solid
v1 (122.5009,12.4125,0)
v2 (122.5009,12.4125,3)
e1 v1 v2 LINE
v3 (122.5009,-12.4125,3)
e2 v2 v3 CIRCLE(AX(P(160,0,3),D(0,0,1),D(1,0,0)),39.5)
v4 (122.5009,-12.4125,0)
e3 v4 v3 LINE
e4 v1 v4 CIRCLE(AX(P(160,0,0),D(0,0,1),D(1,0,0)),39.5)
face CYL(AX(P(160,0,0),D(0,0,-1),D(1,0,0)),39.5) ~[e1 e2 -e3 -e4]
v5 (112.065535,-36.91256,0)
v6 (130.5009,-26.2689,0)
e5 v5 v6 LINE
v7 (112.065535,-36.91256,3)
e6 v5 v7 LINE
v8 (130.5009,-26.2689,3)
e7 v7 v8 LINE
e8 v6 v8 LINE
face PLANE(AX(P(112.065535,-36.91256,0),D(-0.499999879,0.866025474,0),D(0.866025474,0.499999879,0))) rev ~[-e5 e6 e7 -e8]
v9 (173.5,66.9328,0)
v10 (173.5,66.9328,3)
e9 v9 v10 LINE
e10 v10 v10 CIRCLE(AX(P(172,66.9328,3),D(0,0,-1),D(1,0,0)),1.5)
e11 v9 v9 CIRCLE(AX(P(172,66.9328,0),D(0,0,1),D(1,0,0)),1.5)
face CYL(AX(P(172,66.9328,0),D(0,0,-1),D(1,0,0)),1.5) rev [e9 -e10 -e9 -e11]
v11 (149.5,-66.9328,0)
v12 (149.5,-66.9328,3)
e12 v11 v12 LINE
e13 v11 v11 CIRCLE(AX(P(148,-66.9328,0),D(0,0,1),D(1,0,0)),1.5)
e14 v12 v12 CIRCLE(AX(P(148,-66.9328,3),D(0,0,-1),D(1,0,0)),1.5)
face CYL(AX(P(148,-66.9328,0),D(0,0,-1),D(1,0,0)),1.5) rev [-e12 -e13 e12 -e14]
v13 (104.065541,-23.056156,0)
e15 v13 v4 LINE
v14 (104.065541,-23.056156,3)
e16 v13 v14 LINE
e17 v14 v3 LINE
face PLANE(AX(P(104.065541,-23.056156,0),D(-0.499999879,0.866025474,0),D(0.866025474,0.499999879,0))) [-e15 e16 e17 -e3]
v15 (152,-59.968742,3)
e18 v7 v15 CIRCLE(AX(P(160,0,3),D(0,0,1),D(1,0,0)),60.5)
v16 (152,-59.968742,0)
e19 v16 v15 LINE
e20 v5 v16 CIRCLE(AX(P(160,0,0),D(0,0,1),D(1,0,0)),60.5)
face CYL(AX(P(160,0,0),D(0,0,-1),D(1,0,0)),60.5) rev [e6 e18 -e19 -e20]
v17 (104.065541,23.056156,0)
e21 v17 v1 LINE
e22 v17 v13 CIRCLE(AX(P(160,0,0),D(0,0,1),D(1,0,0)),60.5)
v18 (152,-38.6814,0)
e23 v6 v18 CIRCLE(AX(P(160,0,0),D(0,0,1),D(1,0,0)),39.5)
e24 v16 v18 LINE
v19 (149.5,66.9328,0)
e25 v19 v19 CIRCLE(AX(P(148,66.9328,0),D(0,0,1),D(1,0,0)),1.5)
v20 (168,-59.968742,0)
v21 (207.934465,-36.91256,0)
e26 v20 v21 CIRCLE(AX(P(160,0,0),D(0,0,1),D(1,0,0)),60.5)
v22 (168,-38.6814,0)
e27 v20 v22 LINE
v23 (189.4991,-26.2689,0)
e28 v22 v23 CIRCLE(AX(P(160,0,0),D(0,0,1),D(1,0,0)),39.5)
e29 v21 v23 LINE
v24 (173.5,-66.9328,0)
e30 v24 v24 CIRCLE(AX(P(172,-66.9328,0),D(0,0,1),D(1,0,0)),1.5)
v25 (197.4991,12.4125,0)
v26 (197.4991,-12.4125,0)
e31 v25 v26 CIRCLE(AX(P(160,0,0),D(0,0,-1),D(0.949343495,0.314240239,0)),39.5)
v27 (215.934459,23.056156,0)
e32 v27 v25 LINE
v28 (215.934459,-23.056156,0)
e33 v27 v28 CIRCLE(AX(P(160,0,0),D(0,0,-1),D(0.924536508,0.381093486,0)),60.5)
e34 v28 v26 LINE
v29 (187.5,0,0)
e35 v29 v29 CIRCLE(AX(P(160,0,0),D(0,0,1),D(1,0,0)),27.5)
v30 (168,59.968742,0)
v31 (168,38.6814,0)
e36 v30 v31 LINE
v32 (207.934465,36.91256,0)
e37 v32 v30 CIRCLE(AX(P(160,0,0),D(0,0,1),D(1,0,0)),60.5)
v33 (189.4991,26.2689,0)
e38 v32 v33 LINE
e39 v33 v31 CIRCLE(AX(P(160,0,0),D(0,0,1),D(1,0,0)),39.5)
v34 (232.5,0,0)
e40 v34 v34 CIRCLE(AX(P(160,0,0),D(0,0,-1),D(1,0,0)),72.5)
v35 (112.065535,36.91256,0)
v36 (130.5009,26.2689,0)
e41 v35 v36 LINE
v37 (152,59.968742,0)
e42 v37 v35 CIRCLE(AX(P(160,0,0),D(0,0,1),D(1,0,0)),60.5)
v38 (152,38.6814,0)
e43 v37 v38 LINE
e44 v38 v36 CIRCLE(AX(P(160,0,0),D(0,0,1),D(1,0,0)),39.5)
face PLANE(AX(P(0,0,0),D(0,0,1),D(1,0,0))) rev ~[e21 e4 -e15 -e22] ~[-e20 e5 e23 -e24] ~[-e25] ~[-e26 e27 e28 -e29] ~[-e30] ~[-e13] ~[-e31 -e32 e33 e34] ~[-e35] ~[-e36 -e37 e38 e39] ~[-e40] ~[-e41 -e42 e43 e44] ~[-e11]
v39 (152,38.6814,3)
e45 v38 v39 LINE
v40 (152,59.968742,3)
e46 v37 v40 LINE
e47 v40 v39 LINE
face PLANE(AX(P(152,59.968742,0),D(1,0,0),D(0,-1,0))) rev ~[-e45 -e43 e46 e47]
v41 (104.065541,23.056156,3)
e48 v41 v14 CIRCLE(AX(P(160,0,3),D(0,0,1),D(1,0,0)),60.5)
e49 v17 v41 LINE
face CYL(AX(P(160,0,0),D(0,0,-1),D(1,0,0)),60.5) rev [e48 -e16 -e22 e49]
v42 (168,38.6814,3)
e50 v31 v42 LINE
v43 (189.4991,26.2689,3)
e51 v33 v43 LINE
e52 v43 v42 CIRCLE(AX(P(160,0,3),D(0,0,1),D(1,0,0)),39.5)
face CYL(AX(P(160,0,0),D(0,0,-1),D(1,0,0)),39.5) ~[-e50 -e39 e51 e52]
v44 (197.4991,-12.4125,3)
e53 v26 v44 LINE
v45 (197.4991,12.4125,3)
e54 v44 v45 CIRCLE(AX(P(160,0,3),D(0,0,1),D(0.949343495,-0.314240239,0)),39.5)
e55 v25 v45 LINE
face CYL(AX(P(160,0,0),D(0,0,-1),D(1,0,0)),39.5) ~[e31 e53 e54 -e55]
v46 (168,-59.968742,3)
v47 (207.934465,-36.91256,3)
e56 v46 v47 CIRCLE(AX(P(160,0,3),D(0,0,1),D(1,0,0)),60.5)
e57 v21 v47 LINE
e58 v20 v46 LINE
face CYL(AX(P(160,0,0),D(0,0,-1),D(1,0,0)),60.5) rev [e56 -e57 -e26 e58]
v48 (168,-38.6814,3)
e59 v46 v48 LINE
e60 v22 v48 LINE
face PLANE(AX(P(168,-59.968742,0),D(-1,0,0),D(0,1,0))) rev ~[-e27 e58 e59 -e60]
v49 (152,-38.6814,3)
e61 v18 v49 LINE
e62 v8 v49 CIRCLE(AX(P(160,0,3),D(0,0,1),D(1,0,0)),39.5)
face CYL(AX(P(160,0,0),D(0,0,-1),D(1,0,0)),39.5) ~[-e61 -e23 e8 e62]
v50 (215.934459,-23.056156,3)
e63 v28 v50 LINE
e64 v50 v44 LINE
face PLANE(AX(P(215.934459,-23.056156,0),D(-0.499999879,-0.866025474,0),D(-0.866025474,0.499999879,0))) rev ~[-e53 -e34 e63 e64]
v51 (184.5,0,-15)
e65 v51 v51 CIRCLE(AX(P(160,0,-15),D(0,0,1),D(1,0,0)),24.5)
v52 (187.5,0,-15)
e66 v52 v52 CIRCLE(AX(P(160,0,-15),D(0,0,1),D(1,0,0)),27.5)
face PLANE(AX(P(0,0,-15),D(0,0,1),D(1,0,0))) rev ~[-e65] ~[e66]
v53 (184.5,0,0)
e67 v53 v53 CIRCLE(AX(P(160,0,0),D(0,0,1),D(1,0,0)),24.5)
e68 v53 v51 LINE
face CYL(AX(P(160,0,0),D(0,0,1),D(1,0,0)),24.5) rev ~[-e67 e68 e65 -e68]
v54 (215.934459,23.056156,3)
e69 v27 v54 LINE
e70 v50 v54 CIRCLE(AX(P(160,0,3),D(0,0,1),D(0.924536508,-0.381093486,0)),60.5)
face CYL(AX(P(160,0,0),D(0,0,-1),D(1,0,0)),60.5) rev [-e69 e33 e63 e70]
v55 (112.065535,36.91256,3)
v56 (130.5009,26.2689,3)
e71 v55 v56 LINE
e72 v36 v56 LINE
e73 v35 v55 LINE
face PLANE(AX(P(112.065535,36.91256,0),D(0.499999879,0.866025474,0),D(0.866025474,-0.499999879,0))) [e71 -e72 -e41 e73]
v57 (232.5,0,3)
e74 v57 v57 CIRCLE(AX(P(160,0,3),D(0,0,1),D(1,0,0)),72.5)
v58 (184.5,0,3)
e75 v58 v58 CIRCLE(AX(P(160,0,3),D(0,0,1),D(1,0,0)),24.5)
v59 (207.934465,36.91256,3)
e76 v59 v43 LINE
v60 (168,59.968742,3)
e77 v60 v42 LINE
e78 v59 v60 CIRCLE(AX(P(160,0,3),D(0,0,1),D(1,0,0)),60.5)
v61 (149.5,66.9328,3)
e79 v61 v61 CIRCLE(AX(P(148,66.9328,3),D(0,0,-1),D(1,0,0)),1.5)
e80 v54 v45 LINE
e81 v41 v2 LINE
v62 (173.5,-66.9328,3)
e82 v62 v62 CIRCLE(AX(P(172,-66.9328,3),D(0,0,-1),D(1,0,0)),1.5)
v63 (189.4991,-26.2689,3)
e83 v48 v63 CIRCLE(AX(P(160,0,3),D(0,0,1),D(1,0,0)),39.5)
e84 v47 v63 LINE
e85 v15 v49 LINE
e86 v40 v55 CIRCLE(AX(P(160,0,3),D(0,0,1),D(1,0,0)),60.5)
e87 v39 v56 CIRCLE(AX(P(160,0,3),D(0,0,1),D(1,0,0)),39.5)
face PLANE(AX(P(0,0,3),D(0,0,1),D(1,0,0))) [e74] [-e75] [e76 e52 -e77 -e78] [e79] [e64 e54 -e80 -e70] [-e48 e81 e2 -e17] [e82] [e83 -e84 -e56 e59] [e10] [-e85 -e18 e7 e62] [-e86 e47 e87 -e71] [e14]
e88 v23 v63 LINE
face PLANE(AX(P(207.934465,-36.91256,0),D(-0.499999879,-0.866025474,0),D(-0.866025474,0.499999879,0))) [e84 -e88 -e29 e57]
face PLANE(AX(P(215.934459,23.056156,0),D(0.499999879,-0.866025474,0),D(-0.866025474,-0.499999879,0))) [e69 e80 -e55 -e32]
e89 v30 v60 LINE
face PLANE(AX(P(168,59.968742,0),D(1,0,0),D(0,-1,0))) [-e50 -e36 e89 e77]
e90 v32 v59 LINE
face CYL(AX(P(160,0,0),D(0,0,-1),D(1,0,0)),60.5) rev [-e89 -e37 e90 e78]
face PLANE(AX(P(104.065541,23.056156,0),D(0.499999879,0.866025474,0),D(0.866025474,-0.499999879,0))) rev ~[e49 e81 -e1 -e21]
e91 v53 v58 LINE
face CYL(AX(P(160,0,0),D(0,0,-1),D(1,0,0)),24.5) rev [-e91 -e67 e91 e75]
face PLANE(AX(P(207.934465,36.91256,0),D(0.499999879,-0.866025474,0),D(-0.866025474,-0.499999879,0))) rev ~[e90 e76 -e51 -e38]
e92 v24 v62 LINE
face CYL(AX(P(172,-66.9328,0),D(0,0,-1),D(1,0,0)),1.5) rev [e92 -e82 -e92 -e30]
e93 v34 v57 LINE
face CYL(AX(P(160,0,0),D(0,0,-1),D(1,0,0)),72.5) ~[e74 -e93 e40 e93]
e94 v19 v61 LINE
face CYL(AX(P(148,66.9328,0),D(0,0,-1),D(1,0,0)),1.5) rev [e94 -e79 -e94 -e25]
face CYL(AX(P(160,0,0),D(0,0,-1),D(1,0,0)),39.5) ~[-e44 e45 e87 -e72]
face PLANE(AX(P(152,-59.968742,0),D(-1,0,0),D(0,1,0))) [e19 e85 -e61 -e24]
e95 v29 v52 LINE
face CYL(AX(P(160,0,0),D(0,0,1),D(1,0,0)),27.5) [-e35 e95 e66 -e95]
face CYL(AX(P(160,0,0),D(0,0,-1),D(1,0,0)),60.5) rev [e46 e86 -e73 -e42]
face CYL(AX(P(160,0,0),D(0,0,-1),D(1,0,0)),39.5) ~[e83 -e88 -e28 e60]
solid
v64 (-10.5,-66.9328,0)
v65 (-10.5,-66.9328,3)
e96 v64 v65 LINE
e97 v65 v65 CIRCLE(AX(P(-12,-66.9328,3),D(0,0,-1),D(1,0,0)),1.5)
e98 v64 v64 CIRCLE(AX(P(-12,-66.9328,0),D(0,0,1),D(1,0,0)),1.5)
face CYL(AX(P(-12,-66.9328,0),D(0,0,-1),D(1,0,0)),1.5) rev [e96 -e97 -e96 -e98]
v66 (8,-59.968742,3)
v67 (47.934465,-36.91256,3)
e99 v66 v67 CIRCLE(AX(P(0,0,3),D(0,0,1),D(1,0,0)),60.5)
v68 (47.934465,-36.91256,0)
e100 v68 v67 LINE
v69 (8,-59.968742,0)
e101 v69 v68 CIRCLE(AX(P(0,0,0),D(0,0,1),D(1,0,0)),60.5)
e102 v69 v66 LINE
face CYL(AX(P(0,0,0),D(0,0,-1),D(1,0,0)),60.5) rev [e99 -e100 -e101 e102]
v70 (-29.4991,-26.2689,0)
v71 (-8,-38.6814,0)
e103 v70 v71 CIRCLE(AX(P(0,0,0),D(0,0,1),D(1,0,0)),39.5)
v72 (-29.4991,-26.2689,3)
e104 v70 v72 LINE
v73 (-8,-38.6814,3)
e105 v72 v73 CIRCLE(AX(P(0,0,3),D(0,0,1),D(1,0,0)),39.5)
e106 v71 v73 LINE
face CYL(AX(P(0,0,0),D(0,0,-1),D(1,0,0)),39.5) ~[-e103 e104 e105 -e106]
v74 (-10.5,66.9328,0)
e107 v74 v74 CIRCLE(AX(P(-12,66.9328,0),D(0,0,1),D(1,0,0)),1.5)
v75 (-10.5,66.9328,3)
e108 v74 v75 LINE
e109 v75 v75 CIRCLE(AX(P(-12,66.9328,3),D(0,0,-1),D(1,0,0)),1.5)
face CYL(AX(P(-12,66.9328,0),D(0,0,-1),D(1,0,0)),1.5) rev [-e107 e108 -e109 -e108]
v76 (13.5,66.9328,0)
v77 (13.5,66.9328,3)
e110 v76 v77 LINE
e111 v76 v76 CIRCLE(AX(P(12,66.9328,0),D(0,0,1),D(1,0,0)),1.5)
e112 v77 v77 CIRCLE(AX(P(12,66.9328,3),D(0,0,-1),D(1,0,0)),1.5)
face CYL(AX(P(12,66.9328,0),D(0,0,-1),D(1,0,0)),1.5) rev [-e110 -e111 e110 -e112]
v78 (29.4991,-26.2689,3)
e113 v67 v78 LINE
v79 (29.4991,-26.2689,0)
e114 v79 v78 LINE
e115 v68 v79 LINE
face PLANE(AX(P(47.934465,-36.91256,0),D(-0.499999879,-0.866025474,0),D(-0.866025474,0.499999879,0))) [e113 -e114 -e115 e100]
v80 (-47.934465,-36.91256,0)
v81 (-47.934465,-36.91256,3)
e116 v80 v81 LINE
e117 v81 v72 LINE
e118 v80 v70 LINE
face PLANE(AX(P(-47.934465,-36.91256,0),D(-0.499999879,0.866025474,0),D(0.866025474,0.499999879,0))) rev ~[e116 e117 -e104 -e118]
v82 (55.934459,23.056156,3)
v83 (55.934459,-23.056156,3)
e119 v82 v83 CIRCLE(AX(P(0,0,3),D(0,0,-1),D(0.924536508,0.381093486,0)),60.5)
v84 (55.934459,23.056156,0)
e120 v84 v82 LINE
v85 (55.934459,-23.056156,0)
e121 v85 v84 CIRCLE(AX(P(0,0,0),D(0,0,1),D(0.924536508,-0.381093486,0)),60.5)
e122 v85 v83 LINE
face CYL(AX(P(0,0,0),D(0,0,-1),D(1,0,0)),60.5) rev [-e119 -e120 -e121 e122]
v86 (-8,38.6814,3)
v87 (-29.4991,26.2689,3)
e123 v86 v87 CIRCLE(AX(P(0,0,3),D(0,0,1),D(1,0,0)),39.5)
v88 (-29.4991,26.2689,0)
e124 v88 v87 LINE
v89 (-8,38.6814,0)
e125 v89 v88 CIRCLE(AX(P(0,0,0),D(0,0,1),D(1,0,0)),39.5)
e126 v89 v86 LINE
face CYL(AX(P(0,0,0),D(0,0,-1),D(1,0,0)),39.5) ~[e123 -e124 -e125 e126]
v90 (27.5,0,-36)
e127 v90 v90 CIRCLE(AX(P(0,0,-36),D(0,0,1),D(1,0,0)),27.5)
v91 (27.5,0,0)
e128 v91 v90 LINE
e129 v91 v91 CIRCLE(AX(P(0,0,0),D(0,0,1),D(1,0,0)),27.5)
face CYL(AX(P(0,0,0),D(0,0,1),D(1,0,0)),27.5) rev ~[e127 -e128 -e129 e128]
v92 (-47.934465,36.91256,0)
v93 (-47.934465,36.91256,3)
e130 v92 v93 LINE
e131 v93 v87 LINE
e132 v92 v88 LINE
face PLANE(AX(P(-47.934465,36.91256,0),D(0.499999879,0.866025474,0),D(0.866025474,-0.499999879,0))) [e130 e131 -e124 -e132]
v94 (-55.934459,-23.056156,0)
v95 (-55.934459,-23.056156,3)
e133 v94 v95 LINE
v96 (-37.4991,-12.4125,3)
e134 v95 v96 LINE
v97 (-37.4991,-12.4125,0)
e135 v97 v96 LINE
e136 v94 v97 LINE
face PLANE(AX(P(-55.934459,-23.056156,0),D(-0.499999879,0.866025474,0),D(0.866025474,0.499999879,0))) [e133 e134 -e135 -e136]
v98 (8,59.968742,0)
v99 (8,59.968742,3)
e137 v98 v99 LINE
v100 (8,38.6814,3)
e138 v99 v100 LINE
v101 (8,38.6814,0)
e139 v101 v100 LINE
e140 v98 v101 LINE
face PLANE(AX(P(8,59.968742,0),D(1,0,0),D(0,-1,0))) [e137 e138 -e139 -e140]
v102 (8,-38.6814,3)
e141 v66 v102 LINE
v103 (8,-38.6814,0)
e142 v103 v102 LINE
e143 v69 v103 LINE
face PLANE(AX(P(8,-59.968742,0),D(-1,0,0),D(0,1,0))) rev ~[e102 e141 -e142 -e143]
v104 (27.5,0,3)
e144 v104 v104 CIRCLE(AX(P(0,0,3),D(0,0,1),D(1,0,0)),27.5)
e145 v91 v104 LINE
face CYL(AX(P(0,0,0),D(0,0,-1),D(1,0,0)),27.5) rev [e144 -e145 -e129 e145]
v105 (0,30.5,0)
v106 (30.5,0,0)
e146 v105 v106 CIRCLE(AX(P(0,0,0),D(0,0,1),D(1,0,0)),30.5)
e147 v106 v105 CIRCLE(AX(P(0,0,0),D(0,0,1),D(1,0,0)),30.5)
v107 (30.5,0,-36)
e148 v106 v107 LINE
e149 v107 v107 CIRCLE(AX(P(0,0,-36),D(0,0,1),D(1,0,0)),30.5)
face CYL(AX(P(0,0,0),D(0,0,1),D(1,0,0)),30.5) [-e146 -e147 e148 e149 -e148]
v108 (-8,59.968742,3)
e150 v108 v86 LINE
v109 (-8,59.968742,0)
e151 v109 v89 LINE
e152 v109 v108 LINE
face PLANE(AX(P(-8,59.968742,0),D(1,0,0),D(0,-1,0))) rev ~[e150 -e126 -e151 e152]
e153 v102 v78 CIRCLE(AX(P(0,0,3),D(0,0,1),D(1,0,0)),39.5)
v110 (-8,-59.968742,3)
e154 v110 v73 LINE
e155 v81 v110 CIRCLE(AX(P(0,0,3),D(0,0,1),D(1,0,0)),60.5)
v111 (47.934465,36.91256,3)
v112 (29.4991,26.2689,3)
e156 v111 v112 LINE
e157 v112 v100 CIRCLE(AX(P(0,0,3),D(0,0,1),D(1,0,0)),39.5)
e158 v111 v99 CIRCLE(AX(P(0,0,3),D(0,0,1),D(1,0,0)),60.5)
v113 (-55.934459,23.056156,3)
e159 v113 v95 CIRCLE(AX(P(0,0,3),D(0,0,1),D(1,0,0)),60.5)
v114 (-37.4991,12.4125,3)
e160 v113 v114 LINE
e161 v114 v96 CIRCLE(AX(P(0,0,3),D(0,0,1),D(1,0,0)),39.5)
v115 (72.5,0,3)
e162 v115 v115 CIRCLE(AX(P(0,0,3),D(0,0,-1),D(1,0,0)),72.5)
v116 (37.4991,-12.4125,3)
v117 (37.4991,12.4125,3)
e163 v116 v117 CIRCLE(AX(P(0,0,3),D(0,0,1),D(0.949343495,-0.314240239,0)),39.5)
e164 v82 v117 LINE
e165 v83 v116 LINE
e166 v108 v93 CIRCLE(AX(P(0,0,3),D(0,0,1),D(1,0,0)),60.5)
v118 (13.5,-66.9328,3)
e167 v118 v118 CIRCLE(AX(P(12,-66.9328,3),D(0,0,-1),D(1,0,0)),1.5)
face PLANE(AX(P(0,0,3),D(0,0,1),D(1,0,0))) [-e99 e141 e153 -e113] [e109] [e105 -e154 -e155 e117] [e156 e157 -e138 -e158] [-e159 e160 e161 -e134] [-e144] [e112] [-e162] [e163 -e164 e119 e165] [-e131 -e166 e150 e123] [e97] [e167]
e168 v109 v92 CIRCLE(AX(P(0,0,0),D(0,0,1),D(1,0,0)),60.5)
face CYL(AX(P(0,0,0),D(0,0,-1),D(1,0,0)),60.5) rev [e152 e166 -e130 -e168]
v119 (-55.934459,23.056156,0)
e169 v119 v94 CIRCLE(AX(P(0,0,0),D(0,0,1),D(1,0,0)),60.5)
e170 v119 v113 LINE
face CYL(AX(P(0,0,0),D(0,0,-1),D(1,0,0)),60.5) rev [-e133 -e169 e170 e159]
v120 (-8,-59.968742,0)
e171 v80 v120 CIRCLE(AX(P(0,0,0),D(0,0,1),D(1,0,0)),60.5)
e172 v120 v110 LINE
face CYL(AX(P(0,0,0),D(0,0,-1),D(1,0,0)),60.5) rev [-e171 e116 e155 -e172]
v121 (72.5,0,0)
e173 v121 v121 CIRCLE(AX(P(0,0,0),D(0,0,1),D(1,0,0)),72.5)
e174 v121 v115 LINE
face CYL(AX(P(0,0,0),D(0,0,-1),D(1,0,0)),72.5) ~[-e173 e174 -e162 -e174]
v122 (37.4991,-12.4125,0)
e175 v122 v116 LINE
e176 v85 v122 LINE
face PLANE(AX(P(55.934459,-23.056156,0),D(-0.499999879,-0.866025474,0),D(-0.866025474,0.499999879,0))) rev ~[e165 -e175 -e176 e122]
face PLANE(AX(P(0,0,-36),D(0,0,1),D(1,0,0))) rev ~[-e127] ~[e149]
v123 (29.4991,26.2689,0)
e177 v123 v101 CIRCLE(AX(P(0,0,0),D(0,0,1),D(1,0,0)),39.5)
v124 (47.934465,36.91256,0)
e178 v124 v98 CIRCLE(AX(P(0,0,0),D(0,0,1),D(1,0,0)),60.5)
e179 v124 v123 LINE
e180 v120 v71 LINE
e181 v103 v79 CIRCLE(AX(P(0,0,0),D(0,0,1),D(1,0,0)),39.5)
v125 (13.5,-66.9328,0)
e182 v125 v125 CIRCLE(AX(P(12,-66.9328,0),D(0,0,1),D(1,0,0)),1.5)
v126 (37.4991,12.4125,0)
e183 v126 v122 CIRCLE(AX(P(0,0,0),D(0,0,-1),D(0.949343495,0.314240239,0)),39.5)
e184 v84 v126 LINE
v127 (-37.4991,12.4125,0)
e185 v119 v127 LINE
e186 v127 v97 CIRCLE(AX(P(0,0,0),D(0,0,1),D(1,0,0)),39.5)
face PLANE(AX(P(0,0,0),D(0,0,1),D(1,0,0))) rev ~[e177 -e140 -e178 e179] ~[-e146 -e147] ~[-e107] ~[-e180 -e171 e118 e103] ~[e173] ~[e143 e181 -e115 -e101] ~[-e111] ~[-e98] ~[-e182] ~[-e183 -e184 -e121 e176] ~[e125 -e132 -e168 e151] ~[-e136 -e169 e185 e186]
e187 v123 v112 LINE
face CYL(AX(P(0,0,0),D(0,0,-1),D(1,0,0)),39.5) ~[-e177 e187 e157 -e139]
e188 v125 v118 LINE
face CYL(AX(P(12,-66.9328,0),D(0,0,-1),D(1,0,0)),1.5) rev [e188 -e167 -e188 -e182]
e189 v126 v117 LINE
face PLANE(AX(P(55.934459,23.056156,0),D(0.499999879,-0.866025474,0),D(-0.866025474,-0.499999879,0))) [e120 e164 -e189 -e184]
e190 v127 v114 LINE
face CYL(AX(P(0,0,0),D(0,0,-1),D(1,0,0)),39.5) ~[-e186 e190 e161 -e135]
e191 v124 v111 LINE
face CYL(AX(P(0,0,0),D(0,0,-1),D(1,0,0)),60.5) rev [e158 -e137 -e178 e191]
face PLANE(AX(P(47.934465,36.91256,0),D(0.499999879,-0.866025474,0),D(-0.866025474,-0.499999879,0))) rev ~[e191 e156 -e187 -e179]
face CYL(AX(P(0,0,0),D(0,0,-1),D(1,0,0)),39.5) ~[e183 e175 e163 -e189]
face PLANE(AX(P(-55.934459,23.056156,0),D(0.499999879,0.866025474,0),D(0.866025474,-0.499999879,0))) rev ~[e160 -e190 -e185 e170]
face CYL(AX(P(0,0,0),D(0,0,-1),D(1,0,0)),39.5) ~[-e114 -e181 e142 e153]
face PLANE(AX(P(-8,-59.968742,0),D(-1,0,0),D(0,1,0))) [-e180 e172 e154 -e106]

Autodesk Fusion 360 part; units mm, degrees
sketch "Sketch1" plane through (0, 0, 0) normal (0, 0, 1) x (1, 0, 0)
  circle A0 centre (0, 0) radius 72.5
  circle A1 centre (0, 0) radius 27.5
  circle A2 centre (0, 0) radius 30.5
  circle A3 centre (0, 0) radius 60.5
  circle A4 centre (0, 0) radius 39.5
  line L0 (0, 74) -> (0, 30.5)
  line L1 (8, 72.0573) -> (8, 38.6814)
  line L2 (-8, 72.0573) -> (-8, 38.6814)
  line L3 (-66.4034, 29.1004) -> (-37.4991, 12.4125)
  line L4 (-58.4034, 42.9568) -> (-29.4991, 26.2689)
  line L5 (-58.4034, -42.9568) -> (-29.4991, -26.2689)
  line L6 (-66.4034, -29.1004) -> (-37.4991, -12.4125)
  line L7 (8, -72.0573) -> (8, -38.6814)
  line L8 (-8, -72.0573) -> (-8, -38.6814)
  line L9 (66.4034, -29.1004) -> (37.4991, -12.4125)
  line L10 (58.4034, -42.9568) -> (29.4991, -26.2689)
  line L11 (58.4034, 42.9568) -> (29.4991, 26.2689)
  line L12 (66.4034, 29.1004) -> (37.4991, 12.4125)
  circle A5 centre (0, 0) radius 68
  circle A6 centre (-12, 66.9328) radius 1.5
  circle A7 centre (12, 66.9328) radius 1.5
  circle A8 centre (12, -66.9328) radius 1.5
  circle A9 centre (-12, -66.9328) radius 1.5
  dimension "d1" = 145
  dimension "d2" = 55
  dimension "d3" = 61
  dimension "d4" = 121
  dimension "d5" = 79
  dimension "d6" = 8
  dimension "d7" = 8
  dimension "d9" = 360
  dimension "d10" = 136
  dimension "d11" = 3
  dimension "d12" = 3
  dimension "d13" = 4
  dimension "d14" = 4
  dimension "d16" = 360
extrude "Extrude1" add sketch "Sketch1" along normal blind 3 contours A0 L9 L12 A5 | A0 L11 L12 A5 | A0 L9 L10 A5 | A0 L1 L11 A5 A7 | A3 L9 L12 A5 | A3 L11 L12 A5 | A0 L7 L10 A5 A8 | A3 L9 L10 A5 | A0 L0 L1 A5 | A3 L1 L11 A5 A7 | A3 A4 L11 L12 | A0 L7 L8 A5 | A3 L7 L10 A5 A8 | A3 A4 L9 L10 | A0 L0 L2 A5 | A3 L0 L1 A5 | A2 | A4 | A0 L5 L8 A5 A9 | A3 L7 L8 A5 | A0 L2 L4 A5 A6 | A3 L0 L2 A5 | A3 A4 L0 L1 | A0 L5 L6 A5 | A3 L5 L8 A5 A9 | A3 A4 L7 L8 | A0 L3 L4 A5 | A3 L2 L4 A5 A6 | A3 A4 L0 L2 | A0 L3 L6 A5 | A3 L5 L6 A5 | A3 L3 L4 A5 | A3 L3 L6 A5 | A3 A4 L5 L6 | A3 A4 L3 L4 makes body 1
extrude "Extrude2" add sketch "Sketch1" against normal blind 36 contours A2 bodies 1
sketch "Sketch2" plane through (0, 0, 0) normal (0, 0, 1) x (1, 0, 0)
  circle A0 centre (160, 0) radius 68
  circle A1 centre (160, 0) radius 72.5
  circle A2 centre (148, -66.9328) radius 1.5
  line L0 (168, -72.0573) -> (168, -38.6814)
  line L1 (226.4034, -29.1004) -> (197.4991, -12.4125)
  line L2 (168, 72.0573) -> (168, 38.6814)
  line L3 (101.5966, 42.9568) -> (130.5009, 26.2689)
  line L4 (101.5966, -42.9568) -> (130.5009, -26.2689)
  circle A3 centre (172, -66.9328) radius 1.5
  line L5 (93.5966, 29.1004) -> (122.5009, 12.4125)
  circle A4 centre (148, 66.9328) radius 1.5
  line L6 (218.4034, 42.9568) -> (189.4991, 26.2689)
  line L7 (93.5966, -29.1004) -> (122.5009, -12.4125)
  circle A5 centre (160, 0) radius 39.5
  line L8 (218.4034, -42.9568) -> (189.4991, -26.2689)
  circle A6 centre (172, 66.9328) radius 1.5
  circle A7 centre (160, 0) radius 30.5
  line L9 (152, -72.0573) -> (152, -38.6814)
  circle A8 centre (160, 0) radius 60.5
  line L10 (152, 72.0573) -> (152, 38.6814)
  circle A9 centre (160, 0) radius 27.5
  line L11 (226.4034, 29.1004) -> (197.4991, 12.4125)
  line L12 (160, 74) -> (160, 30.5)
  circle A10 centre (160, 0) radius 24.5
  point P0 (160, 0)
  dimension "d23" = 360
  dimension "d25" = 360
  dimension "d26" = 145
  dimension "d27" = 55
  dimension "d28" = 61
  dimension "d29" = 121
  dimension "d30" = 79
  dimension "d31" = 8
  dimension "d32" = 8
  dimension "d33" = 136
  dimension "d34" = 3
  dimension "d35" = 3
  dimension "d36" = 4
  dimension "d37" = 4
  dimension "d38" = 49
extrude "Extrude3" add sketch "Sketch2" along normal blind 3 separate body contours A0 L1 A8 L11 | A0 A1 L1 L11 | A0 L6 A8 L11 | A0 A1 L6 L11 | A0 A1 L1 L8 | A0 L1 L8 A8 | A0 L2 L6 A6 A8 | A0 A1 L2 L6 A6 | L6 A5 A8 L11 | A0 A1 L0 A3 L8 | A0 L0 A3 L8 A8 | L1 A5 L8 A8 | A7 | A5 | A0 A1 L2 L12 | A0 L2 A8 L12 | L2 A5 A8 L12 | A0 A1 L0 L9 | L0 A5 L9 A8 | A0 L0 L9 A8 | A0 A1 L10 L12 | A5 A8 L10 L12 | A0 A8 L10 L12 | A0 A1 A2 L4 L9 | A0 A2 L4 L9 A8 | A0 A1 L3 A4 L10 | A0 L3 A4 A8 L10 | A0 A1 L4 L7 | L4 L7 A5 A8 | A0 L4 L7 A8 | A0 A1 L3 L5 | A0 L3 L5 A8 | L3 L5 A5 A8 | A0 A1 L5 L7 | A0 L5 L7 A8 | A9 makes body 2
extrude "Extrude4" add sketch "Sketch2" against normal blind 15 contours A9 bodies 2
